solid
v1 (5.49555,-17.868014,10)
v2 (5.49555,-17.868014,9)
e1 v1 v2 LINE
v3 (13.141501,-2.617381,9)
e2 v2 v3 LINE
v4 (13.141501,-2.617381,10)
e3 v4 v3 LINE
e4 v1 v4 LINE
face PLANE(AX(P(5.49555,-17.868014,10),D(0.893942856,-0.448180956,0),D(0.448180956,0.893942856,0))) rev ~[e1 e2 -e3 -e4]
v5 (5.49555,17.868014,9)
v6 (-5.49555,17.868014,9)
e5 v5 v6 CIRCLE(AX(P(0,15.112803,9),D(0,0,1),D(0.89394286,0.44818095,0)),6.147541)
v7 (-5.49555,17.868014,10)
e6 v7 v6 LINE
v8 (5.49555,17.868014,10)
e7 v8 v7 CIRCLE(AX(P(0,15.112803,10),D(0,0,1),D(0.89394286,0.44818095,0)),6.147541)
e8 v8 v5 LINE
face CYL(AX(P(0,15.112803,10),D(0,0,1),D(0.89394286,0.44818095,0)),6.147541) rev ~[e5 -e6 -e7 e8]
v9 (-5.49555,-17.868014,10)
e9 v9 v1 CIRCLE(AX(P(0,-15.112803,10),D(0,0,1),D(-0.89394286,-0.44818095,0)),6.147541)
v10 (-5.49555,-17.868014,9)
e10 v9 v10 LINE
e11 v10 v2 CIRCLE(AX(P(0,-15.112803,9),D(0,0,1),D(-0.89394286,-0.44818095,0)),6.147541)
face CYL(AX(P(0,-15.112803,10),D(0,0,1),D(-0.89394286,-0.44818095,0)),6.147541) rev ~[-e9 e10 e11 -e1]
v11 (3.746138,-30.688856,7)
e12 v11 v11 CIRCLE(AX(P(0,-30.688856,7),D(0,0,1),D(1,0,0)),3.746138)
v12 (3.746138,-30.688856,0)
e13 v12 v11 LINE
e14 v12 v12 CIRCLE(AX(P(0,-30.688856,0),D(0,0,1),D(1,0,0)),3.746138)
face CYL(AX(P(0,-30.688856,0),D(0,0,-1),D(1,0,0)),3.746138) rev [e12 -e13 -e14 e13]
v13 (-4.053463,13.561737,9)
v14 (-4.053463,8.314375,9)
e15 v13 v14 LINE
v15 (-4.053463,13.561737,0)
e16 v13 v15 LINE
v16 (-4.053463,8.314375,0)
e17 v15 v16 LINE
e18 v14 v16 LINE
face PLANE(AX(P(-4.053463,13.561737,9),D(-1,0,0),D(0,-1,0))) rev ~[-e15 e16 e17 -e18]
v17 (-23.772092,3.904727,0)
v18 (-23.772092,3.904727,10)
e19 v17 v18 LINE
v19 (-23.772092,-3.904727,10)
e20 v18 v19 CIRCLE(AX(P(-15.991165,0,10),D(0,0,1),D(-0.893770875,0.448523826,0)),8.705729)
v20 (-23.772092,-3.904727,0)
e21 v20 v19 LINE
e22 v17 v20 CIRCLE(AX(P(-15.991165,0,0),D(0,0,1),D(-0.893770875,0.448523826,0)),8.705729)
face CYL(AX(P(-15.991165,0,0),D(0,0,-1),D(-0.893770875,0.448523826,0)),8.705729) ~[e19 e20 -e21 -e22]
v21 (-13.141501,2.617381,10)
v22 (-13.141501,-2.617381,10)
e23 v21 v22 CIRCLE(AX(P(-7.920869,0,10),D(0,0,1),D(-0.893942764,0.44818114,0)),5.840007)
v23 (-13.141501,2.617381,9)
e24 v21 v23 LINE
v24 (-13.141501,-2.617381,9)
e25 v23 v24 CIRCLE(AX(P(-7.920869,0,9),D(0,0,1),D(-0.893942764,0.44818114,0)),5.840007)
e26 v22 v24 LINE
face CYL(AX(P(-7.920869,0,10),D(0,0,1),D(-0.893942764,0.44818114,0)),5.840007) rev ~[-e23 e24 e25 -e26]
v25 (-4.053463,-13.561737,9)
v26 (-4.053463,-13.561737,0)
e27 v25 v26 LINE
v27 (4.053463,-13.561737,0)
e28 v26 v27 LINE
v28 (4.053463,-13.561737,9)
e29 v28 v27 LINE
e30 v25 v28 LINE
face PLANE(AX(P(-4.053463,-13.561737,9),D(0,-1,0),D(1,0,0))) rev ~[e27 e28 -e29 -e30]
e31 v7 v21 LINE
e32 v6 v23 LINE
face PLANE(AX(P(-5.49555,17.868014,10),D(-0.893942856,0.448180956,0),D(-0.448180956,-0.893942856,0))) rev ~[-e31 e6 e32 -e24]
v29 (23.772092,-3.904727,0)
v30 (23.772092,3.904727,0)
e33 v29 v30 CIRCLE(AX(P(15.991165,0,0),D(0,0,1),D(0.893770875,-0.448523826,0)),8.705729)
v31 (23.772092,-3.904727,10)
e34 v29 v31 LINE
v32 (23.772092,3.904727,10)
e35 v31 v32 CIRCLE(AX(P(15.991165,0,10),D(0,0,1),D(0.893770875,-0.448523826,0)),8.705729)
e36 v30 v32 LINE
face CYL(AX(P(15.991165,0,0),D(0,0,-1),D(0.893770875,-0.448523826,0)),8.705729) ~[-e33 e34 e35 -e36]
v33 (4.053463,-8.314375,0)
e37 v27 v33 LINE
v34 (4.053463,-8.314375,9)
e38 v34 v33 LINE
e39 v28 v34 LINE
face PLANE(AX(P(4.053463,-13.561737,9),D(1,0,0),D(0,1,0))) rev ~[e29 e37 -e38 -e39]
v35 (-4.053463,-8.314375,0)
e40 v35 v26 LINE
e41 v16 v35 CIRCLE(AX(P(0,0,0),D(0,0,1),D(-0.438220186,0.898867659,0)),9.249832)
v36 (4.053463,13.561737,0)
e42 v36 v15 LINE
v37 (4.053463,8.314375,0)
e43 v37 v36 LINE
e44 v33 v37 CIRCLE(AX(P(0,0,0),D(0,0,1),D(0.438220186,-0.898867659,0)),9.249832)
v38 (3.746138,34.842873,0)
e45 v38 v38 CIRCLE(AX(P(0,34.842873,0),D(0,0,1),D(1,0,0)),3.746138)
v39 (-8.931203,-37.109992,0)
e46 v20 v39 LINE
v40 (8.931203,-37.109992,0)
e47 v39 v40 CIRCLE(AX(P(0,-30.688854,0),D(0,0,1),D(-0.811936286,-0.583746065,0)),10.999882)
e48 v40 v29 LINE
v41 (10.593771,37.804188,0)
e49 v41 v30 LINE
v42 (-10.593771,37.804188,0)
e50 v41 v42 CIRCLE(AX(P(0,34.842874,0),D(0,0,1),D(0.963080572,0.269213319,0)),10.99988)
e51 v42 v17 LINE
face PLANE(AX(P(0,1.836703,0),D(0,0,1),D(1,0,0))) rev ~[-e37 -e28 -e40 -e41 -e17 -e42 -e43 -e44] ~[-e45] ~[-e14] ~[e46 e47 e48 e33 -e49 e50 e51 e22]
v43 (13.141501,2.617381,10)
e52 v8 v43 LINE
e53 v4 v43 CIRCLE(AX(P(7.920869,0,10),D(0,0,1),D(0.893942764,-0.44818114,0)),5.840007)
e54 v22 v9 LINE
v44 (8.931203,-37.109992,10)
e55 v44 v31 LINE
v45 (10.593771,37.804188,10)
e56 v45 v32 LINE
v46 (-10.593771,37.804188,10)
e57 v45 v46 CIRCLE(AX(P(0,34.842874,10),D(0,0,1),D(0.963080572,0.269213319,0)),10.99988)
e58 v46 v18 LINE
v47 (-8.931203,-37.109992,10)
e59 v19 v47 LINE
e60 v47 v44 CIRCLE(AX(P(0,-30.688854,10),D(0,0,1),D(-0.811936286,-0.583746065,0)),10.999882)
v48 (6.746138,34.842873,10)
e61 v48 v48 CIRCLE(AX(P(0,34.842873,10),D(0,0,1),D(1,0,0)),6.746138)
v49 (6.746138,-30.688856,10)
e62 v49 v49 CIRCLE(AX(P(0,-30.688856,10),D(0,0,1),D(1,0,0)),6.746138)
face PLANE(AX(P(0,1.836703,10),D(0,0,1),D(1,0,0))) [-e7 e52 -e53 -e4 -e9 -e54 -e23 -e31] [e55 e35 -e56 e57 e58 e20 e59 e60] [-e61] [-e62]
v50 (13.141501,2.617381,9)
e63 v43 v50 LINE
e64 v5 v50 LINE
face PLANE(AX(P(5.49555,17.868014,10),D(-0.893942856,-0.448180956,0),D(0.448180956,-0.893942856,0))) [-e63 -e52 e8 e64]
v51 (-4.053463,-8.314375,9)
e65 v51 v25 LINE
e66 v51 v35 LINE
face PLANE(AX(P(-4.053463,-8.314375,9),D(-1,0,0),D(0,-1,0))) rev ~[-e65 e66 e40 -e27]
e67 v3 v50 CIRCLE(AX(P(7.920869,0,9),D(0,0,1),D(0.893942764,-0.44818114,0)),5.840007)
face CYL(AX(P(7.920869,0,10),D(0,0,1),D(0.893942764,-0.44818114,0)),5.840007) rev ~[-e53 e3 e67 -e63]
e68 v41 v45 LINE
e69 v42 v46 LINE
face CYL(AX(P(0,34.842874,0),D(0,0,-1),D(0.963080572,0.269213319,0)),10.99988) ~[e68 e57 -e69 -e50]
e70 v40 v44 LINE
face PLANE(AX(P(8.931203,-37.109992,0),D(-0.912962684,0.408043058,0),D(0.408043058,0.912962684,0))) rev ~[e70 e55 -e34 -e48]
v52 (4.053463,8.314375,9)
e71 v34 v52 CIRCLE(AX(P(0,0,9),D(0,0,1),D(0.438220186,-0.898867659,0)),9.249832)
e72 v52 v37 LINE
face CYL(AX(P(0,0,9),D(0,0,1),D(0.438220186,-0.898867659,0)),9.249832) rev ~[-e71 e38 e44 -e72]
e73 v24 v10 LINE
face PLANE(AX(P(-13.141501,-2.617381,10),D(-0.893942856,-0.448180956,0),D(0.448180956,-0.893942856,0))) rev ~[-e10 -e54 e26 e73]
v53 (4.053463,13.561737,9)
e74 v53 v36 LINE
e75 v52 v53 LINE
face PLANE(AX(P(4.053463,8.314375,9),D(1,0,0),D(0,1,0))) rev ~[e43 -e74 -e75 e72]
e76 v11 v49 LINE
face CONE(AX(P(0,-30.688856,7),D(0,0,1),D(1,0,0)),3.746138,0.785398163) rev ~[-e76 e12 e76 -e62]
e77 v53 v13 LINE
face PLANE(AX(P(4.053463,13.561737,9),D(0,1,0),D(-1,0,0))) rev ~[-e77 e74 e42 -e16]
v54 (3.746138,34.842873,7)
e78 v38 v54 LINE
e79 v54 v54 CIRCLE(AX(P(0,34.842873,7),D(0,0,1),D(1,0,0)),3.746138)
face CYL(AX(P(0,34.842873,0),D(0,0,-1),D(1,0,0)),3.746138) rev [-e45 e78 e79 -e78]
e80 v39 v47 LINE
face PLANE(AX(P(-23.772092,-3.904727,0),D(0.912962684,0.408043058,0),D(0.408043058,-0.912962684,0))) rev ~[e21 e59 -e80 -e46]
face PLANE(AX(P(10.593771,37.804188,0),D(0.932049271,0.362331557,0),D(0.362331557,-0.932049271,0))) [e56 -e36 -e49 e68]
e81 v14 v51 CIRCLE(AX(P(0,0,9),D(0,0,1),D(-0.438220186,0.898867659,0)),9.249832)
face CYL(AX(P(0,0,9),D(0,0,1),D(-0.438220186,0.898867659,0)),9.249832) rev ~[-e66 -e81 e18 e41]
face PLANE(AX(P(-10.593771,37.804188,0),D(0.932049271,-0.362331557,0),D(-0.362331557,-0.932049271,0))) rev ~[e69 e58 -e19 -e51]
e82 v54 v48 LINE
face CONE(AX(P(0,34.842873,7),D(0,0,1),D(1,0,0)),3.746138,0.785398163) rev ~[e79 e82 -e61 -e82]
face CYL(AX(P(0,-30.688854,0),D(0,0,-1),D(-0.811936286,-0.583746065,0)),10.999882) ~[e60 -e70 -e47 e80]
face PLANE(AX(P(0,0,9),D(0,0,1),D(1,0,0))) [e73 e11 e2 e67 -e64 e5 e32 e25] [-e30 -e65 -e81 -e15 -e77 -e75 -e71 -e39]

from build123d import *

# Parameters (mm, degrees)
SKETCH_R        = 3.746138
PAD_DEPTH       = 10
CHAMFER_SIZE    = 3
POCKET_DEPTH    = 1
POCKET001_DEPTH = 9.001


with BuildPart() as part:
    # Sketch → Pad (new body)
    with BuildSketch(Plane.XY):
        with BuildLine():
            ThreePointArc((-23.772092, 3.904727), (-24.696894, 0), (-23.772092, -3.904727))
            Line((-23.772092, -3.904727), (-8.931203, -37.109992))
            ThreePointArc((-8.931203, -37.109992), (0, -41.688736), (8.931203, -37.109992))
            Line((8.931203, -37.109992), (23.772092, -3.904727))
            ThreePointArc((23.772092, -3.904727), (24.696894, 0), (23.772092, 3.904727))
            Line((10.593771, 37.804188), (23.772092, 3.904727))
            ThreePointArc((10.593771, 37.804188), (0, 45.842754), (-10.593771, 37.804188))
            Line((-10.593771, 37.804188), (-23.772092, 3.904727))
        make_face()
        with Locations((0, 34.842873)):
            Circle(SKETCH_R, mode=Mode.SUBTRACT)
        with Locations((0, -30.688856)):
            Circle(SKETCH_R, mode=Mode.SUBTRACT)
    extrude(amount=PAD_DEPTH)

    # Chamfer
    chamfer_edges = [part.edges().sort_by_distance(p)[0] for p in [
        (-3.746138, 34.842873, 10),
        (-3.746138, -30.688856, 10),
    ]]
    chamfer(chamfer_edges, length=CHAMFER_SIZE)

    # Sketch001 (on Face4 of Chamfer) → Pocket (cut)
    with BuildSketch(Plane.XY.offset(10)):
        with BuildLine():
            ThreePointArc((5.49555, 17.868014), (0, 21.260344), (-5.49555, 17.868014))
            Line((-5.49555, 17.868014), (-13.141501, 2.617381))
            ThreePointArc((-13.141501, 2.617381), (-13.760876, 0), (-13.141501, -2.617381))
            Line((-13.141501, -2.617381), (-5.49555, -17.868014))
            ThreePointArc((-5.49555, -17.868014), (0, -21.260344), (5.49555, -17.868014))
            Line((5.49555, -17.868014), (13.141501, -2.617381))
            ThreePointArc((13.141501, -2.617381), (13.760876, 0), (13.141501, 2.617381))
            Line((5.49555, 17.868014), (13.141501, 2.617381))
        make_face()
    extrude(amount=-POCKET_DEPTH, mode=Mode.SUBTRACT)

    # Sketch002 (on Face23 of Pocket) → Pocket001 (cut, through all)
    with BuildSketch(Plane.XY.offset(9)):
        with BuildLine():
            ThreePointArc((-4.053463, 8.314375), (-9.249832, 0), (-4.053463, -8.314375))
            Line((-4.053463, -8.314375), (-4.053463, -13.561737))
            Line((-4.053463, -13.561737), (4.053463, -13.561737))
            Line((4.053463, -13.561737), (4.053463, -8.314375))
            ThreePointArc((4.053463, -8.314375), (9.249832, 0), (4.053463, 8.314375))
            Line((4.053463, 8.314375), (4.053463, 13.561737))
            Line((4.053463, 13.561737), (-4.053463, 13.561737))
            Line((-4.053463, 13.561737), (-4.053463, 8.314375))
        make_face()
    extrude(amount=-POCKET001_DEPTH, mode=Mode.SUBTRACT)


solid = part.part
